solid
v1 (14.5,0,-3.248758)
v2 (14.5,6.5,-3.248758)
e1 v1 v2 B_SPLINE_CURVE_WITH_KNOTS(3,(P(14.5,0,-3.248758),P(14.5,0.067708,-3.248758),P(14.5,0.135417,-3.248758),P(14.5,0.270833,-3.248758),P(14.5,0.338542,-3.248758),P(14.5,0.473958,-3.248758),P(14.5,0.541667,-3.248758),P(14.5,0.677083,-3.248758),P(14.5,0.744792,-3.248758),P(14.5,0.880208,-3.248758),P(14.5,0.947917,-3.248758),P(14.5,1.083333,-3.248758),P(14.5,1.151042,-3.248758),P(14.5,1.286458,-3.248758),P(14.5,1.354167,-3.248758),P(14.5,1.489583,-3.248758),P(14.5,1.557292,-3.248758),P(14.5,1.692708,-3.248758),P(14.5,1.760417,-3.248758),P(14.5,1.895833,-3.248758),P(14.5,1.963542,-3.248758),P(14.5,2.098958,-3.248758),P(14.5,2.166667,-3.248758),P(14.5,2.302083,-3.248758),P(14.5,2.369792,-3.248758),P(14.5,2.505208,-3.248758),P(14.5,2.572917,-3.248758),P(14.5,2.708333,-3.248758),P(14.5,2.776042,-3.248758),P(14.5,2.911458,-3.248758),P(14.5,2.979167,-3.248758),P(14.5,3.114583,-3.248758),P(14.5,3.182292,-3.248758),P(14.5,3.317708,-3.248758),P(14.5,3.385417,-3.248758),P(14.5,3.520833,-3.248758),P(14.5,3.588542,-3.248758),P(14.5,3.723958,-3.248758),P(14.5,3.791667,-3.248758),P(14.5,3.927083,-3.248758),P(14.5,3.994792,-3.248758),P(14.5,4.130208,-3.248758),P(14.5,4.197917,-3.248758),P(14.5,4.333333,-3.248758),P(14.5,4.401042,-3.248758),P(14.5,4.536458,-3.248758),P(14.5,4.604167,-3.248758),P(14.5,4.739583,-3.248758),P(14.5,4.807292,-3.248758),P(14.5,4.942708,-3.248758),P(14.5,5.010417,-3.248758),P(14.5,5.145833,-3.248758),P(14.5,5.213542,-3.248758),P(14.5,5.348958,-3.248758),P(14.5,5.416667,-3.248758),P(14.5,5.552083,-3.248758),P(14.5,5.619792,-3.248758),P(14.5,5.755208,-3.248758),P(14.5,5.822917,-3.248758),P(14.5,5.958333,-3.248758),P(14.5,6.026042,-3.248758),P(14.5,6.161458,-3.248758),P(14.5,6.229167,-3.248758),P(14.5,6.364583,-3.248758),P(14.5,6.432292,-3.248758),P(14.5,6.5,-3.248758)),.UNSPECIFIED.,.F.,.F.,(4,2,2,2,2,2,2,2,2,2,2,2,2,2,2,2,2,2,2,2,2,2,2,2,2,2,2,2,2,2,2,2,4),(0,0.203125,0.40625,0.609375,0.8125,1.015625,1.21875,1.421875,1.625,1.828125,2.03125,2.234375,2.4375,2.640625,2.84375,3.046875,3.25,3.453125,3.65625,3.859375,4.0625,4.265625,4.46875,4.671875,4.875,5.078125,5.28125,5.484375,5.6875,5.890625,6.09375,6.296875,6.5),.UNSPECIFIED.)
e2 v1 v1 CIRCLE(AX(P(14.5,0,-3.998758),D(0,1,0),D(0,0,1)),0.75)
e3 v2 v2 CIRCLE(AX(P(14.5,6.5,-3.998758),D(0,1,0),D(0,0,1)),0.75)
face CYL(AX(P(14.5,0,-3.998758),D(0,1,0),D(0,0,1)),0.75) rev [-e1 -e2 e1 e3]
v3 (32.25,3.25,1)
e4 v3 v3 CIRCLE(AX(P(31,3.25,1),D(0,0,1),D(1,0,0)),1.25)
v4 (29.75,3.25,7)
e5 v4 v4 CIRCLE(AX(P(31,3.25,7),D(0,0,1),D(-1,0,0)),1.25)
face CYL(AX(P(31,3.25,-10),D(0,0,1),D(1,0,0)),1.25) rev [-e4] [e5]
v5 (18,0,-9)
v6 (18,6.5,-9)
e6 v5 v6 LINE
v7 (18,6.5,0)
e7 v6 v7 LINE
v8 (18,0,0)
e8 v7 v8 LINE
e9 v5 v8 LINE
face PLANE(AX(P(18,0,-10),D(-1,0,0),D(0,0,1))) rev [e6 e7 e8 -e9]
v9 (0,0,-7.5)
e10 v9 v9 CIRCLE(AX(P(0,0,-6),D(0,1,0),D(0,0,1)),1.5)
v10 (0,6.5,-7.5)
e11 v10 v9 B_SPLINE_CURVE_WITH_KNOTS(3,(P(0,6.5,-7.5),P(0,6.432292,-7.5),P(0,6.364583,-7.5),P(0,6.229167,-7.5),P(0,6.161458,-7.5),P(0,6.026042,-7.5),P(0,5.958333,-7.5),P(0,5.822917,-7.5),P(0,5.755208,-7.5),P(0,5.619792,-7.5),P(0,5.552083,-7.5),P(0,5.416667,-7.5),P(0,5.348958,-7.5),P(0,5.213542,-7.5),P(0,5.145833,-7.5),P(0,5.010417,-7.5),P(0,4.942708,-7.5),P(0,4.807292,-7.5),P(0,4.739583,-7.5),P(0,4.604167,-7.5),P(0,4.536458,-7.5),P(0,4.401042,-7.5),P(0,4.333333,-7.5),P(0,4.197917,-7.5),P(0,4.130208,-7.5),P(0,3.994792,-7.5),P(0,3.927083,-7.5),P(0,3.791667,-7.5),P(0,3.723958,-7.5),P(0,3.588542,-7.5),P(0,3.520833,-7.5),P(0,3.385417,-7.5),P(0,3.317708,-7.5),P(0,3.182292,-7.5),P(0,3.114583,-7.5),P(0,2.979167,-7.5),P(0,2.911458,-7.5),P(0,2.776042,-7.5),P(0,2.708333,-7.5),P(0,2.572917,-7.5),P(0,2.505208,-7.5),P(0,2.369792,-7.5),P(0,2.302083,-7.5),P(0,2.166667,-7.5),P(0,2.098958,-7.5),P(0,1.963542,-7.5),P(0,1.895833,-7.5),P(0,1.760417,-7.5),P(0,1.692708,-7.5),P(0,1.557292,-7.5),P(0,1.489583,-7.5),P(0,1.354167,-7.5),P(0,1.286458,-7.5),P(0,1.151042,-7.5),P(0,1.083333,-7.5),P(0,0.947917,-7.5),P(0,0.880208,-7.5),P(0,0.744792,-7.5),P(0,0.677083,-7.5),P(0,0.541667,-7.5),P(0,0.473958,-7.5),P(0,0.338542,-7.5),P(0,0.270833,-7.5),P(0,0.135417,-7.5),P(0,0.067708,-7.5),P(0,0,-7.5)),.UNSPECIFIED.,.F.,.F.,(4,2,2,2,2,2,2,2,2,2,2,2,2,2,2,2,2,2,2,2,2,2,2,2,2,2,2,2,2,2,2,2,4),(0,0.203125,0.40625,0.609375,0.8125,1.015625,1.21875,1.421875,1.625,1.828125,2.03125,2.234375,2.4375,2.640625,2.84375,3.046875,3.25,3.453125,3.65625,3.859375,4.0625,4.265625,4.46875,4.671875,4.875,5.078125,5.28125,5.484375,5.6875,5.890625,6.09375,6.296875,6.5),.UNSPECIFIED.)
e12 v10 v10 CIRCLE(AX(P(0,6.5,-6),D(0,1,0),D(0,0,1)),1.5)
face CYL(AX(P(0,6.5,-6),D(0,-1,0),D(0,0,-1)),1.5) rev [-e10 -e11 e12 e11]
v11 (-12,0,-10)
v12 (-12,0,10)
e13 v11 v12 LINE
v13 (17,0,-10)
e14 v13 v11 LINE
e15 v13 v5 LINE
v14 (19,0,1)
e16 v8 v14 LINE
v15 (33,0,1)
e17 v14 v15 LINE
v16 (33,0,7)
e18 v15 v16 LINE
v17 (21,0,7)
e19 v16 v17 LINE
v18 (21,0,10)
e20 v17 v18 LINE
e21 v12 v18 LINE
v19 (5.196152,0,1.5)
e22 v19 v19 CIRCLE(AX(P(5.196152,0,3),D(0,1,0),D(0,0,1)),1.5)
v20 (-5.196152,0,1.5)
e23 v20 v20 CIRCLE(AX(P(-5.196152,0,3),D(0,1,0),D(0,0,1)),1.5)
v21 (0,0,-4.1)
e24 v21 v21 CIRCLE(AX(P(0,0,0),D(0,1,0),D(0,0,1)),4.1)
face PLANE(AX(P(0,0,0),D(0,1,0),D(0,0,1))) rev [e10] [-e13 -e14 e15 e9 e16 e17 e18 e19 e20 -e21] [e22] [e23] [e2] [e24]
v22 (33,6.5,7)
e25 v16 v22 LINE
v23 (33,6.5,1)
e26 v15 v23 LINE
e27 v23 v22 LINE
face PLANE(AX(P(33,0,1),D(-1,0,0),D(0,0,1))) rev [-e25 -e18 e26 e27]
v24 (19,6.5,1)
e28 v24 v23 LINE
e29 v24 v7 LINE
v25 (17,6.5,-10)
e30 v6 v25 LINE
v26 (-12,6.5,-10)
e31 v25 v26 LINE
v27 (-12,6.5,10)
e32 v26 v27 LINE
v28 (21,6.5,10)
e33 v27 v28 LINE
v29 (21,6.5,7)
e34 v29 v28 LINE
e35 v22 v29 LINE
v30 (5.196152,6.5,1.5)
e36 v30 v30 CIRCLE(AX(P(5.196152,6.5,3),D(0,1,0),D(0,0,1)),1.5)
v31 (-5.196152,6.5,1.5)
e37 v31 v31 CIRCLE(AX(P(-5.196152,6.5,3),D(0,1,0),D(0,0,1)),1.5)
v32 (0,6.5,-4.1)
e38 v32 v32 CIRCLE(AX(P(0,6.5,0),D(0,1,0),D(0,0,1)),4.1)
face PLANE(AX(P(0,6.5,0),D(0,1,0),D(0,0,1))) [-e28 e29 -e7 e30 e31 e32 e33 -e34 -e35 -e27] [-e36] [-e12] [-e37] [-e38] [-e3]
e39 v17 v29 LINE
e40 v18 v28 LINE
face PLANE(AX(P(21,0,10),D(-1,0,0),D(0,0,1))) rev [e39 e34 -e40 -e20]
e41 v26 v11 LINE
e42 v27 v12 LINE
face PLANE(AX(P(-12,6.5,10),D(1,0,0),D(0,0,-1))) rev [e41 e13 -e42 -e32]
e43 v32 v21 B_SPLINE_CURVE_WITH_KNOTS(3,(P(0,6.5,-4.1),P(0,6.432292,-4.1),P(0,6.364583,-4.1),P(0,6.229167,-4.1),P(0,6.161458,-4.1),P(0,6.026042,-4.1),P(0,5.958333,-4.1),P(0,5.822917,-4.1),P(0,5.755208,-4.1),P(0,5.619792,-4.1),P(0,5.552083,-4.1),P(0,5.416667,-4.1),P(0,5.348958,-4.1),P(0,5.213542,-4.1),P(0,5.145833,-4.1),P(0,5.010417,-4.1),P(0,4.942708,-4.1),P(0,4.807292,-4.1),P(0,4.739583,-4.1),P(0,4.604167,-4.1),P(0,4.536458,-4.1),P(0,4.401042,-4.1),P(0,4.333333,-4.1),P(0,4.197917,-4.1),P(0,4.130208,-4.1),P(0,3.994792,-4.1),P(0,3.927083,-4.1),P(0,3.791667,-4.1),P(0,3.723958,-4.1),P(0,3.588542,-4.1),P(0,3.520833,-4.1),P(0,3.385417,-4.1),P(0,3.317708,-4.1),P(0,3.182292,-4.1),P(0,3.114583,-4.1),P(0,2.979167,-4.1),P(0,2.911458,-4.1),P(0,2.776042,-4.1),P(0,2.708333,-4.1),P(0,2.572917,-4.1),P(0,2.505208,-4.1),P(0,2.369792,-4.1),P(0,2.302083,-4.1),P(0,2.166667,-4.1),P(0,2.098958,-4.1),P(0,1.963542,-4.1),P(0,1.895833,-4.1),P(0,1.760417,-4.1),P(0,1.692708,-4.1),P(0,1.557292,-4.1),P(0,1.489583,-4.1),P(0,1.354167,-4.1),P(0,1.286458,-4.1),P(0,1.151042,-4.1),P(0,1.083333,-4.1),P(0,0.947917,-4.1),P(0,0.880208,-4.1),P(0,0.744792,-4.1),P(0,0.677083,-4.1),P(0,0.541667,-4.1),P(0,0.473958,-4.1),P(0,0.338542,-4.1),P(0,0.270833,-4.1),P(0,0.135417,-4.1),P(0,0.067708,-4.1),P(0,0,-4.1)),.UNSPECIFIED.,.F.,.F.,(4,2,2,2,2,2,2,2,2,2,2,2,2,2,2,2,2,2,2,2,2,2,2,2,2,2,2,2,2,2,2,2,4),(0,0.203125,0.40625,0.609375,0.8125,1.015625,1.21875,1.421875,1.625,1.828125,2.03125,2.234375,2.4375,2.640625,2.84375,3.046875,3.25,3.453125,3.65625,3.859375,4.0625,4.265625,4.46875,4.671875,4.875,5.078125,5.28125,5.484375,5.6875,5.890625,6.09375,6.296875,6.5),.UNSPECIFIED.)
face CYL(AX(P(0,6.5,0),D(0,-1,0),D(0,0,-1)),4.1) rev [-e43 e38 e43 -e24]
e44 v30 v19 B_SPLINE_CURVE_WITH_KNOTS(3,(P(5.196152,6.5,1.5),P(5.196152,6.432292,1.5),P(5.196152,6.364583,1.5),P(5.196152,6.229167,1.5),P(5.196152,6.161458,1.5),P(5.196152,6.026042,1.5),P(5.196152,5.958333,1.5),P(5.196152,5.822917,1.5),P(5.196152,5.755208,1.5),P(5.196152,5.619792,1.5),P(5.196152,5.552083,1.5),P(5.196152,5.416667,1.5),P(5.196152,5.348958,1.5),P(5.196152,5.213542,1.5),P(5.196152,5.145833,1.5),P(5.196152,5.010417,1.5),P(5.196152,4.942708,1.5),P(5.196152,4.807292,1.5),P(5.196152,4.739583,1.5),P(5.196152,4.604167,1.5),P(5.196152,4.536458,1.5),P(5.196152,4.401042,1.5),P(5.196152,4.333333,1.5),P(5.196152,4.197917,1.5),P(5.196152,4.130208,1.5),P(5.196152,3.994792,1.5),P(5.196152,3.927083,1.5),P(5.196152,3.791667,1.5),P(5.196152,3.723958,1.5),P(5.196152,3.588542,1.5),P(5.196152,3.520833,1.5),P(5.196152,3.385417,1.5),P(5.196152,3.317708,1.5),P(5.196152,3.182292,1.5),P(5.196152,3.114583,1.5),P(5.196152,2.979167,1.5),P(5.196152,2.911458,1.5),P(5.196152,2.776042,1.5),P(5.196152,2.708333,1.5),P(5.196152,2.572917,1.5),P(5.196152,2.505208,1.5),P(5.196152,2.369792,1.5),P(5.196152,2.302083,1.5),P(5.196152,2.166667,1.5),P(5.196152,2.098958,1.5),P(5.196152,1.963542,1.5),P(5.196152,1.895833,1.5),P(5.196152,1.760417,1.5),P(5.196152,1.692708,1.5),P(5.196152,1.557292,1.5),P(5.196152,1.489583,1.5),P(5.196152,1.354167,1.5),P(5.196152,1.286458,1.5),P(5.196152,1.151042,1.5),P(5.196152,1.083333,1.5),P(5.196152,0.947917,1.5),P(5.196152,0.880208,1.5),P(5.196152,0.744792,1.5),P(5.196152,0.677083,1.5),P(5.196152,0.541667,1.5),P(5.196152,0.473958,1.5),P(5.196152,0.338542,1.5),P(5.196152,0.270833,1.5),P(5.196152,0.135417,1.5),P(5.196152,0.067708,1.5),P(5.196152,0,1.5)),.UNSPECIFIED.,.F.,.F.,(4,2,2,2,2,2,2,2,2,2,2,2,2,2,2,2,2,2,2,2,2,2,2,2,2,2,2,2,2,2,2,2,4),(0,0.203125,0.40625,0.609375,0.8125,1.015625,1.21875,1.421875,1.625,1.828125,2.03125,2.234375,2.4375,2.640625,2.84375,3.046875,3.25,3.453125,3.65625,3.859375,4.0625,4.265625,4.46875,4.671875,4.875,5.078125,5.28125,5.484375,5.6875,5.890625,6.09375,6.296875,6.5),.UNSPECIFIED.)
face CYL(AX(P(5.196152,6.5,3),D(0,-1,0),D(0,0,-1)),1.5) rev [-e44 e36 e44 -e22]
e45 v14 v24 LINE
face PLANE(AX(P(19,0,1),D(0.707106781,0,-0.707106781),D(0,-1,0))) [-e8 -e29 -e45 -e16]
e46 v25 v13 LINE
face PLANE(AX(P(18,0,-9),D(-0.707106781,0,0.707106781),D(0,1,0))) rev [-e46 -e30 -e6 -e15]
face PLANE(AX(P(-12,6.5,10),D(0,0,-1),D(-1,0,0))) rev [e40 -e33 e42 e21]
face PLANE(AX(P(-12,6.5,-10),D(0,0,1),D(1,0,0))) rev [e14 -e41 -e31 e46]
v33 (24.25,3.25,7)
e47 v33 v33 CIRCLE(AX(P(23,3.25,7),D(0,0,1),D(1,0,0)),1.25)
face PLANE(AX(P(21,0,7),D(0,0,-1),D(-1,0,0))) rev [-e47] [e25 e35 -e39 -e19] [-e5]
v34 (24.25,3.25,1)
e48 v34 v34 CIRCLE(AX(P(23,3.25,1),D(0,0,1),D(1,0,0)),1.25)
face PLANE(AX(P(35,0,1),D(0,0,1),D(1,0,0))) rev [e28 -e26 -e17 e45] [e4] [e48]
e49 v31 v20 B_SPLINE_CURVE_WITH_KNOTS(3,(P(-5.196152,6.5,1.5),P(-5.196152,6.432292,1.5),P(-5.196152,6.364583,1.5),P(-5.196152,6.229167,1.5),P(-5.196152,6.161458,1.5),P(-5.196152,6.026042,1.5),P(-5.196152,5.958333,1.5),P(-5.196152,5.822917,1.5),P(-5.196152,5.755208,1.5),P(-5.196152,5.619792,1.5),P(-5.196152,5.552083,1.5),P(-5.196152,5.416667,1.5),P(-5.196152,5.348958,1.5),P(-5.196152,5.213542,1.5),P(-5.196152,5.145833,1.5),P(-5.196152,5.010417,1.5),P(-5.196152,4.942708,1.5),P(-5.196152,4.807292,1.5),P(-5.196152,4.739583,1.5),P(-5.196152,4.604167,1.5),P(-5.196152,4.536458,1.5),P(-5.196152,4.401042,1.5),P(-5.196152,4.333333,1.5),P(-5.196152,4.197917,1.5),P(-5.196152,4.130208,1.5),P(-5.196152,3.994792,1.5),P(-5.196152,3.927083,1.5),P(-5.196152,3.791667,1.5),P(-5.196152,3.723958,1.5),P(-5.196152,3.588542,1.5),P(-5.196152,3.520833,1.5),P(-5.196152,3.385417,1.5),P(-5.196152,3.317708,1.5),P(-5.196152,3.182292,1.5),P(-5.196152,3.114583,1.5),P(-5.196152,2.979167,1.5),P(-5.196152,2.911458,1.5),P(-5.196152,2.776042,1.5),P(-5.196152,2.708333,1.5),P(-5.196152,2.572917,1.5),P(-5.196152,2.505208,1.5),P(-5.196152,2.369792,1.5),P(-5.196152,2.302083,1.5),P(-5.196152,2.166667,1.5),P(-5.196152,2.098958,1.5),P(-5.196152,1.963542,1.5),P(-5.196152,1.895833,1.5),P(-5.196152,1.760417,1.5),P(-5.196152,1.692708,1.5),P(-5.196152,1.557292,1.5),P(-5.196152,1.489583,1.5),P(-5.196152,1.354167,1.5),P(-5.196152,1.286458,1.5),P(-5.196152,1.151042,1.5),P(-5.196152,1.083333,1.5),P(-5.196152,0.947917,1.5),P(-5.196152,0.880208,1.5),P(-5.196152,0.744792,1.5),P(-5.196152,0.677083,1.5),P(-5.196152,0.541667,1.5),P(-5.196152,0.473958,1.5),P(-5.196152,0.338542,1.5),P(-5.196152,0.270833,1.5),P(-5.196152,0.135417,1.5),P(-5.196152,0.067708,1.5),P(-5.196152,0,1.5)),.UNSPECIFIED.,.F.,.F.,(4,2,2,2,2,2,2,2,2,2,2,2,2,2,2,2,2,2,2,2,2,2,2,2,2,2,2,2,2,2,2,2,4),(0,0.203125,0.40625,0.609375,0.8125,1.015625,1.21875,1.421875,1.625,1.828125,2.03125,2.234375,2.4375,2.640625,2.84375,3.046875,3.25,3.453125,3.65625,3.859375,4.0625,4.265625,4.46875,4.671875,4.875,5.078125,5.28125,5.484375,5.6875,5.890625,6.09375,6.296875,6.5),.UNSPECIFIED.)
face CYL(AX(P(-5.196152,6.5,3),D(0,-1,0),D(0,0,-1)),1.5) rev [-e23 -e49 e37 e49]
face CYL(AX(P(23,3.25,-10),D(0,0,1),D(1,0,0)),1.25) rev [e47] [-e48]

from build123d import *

# Parameters (mm, degrees)
SKETCH_1_W          = 47
SKETCH_1_H          = 20
SKETCH_1_R          = 1.5
SKETCH_1_R_2        = 4.1
EXTRUDE_1_DEPTH     = 6.5
SKETCH_2_W          = 12
SKETCH_2_H          = 3
SKETCH_2_W_2        = 17
SKETCH_2_H_2        = 11
CUT_EXTRUDE_1_DEPTH = 37.976343789
SKETCH_3_R          = 1.25
CUT_EXTRUDE_2_DEPTH = 40.449334595
SKETCH_4_R          = 0.75
CUT_EXTRUDE_3_DEPTH = 37.976343789
CHAMFER_1_SIZE      = 1
SKETCH_5_W          = 2
SKETCH_5_H          = 9
CUT_EXTRUDE_4_DEPTH = 37.976343789


with BuildPart() as part:
    # 草图1 → 凸台-拉伸1 (new body)
    with BuildSketch(Plane(origin=(0, 0, 0), x_dir=(1, 0, 0), z_dir=(0, 1, 0))):
        with Locations((11.5, 0)):
            Rectangle(SKETCH_1_W, SKETCH_1_H)
        with Locations(Location((0, 6, 0), (0, 0, 90))):
            Circle(SKETCH_1_R, mode=Mode.SUBTRACT)
        with Locations(Location((5.196152423, -3, 0), (0, 0, 90))):
            Circle(SKETCH_1_R, mode=Mode.SUBTRACT)
        with Locations(Location((-5.196152423, -3, 0), (0, 0, 90))):
            Circle(SKETCH_1_R, mode=Mode.SUBTRACT)
        with Locations(Location((0, 0, 0), (0, 0, 90))):
            Circle(SKETCH_1_R_2, mode=Mode.SUBTRACT)
    extrude(amount=EXTRUDE_1_DEPTH)

    # 草图2 → 切除-拉伸1 (cut, through all)
    with BuildSketch(Plane(origin=(0, 6.5, 0), x_dir=(1, 0, 0), z_dir=(0, 1, 0))):
        with Locations((27, -8.5)):
            Rectangle(SKETCH_2_W, SKETCH_2_H)
        with Locations((26.5, 4.5)):
            Rectangle(SKETCH_2_W_2, SKETCH_2_H_2)
    extrude(amount=-CUT_EXTRUDE_1_DEPTH, mode=Mode.SUBTRACT)

    # 草图3 → 切除-拉伸2 (cut, through all)
    with BuildSketch(Plane.XY.offset(7)):
        with Locations((23, 3.25)):
            Circle(SKETCH_3_R)
        with Locations((31, 3.25)):
            Circle(SKETCH_3_R)
    extrude(amount=-CUT_EXTRUDE_2_DEPTH, mode=Mode.SUBTRACT)

    # 草图4 → 切除-拉伸3 (cut, through all)
    with BuildSketch(Plane(origin=(0, 6.5, 0), x_dir=(1, 0, 0), z_dir=(0, 1, 0))):
        with Locations(Location((14.5, 3.99875811, 0), (0, 0, 270))):
            Circle(SKETCH_4_R)
    extrude(amount=-CUT_EXTRUDE_3_DEPTH, mode=Mode.SUBTRACT)

    # 倒角1
    chamfer_1_edges = [part.edges().sort_by_distance(p)[0] for p in [
        (18, 3.25, 1),
        (18, 3.25, -10),
    ]]
    chamfer(chamfer_1_edges, length=CHAMFER_1_SIZE)

    # 草图5 → 切除-拉伸4 (cut, through all)
    with BuildSketch(Plane(origin=(0, 6.5, 0), x_dir=(1, 0, 0), z_dir=(0, 1, 0))):
        with Locations((34, -5.5)):
            Rectangle(SKETCH_5_W, SKETCH_5_H)
    extrude(amount=-CUT_EXTRUDE_4_DEPTH, mode=Mode.SUBTRACT)


solid = part.part
